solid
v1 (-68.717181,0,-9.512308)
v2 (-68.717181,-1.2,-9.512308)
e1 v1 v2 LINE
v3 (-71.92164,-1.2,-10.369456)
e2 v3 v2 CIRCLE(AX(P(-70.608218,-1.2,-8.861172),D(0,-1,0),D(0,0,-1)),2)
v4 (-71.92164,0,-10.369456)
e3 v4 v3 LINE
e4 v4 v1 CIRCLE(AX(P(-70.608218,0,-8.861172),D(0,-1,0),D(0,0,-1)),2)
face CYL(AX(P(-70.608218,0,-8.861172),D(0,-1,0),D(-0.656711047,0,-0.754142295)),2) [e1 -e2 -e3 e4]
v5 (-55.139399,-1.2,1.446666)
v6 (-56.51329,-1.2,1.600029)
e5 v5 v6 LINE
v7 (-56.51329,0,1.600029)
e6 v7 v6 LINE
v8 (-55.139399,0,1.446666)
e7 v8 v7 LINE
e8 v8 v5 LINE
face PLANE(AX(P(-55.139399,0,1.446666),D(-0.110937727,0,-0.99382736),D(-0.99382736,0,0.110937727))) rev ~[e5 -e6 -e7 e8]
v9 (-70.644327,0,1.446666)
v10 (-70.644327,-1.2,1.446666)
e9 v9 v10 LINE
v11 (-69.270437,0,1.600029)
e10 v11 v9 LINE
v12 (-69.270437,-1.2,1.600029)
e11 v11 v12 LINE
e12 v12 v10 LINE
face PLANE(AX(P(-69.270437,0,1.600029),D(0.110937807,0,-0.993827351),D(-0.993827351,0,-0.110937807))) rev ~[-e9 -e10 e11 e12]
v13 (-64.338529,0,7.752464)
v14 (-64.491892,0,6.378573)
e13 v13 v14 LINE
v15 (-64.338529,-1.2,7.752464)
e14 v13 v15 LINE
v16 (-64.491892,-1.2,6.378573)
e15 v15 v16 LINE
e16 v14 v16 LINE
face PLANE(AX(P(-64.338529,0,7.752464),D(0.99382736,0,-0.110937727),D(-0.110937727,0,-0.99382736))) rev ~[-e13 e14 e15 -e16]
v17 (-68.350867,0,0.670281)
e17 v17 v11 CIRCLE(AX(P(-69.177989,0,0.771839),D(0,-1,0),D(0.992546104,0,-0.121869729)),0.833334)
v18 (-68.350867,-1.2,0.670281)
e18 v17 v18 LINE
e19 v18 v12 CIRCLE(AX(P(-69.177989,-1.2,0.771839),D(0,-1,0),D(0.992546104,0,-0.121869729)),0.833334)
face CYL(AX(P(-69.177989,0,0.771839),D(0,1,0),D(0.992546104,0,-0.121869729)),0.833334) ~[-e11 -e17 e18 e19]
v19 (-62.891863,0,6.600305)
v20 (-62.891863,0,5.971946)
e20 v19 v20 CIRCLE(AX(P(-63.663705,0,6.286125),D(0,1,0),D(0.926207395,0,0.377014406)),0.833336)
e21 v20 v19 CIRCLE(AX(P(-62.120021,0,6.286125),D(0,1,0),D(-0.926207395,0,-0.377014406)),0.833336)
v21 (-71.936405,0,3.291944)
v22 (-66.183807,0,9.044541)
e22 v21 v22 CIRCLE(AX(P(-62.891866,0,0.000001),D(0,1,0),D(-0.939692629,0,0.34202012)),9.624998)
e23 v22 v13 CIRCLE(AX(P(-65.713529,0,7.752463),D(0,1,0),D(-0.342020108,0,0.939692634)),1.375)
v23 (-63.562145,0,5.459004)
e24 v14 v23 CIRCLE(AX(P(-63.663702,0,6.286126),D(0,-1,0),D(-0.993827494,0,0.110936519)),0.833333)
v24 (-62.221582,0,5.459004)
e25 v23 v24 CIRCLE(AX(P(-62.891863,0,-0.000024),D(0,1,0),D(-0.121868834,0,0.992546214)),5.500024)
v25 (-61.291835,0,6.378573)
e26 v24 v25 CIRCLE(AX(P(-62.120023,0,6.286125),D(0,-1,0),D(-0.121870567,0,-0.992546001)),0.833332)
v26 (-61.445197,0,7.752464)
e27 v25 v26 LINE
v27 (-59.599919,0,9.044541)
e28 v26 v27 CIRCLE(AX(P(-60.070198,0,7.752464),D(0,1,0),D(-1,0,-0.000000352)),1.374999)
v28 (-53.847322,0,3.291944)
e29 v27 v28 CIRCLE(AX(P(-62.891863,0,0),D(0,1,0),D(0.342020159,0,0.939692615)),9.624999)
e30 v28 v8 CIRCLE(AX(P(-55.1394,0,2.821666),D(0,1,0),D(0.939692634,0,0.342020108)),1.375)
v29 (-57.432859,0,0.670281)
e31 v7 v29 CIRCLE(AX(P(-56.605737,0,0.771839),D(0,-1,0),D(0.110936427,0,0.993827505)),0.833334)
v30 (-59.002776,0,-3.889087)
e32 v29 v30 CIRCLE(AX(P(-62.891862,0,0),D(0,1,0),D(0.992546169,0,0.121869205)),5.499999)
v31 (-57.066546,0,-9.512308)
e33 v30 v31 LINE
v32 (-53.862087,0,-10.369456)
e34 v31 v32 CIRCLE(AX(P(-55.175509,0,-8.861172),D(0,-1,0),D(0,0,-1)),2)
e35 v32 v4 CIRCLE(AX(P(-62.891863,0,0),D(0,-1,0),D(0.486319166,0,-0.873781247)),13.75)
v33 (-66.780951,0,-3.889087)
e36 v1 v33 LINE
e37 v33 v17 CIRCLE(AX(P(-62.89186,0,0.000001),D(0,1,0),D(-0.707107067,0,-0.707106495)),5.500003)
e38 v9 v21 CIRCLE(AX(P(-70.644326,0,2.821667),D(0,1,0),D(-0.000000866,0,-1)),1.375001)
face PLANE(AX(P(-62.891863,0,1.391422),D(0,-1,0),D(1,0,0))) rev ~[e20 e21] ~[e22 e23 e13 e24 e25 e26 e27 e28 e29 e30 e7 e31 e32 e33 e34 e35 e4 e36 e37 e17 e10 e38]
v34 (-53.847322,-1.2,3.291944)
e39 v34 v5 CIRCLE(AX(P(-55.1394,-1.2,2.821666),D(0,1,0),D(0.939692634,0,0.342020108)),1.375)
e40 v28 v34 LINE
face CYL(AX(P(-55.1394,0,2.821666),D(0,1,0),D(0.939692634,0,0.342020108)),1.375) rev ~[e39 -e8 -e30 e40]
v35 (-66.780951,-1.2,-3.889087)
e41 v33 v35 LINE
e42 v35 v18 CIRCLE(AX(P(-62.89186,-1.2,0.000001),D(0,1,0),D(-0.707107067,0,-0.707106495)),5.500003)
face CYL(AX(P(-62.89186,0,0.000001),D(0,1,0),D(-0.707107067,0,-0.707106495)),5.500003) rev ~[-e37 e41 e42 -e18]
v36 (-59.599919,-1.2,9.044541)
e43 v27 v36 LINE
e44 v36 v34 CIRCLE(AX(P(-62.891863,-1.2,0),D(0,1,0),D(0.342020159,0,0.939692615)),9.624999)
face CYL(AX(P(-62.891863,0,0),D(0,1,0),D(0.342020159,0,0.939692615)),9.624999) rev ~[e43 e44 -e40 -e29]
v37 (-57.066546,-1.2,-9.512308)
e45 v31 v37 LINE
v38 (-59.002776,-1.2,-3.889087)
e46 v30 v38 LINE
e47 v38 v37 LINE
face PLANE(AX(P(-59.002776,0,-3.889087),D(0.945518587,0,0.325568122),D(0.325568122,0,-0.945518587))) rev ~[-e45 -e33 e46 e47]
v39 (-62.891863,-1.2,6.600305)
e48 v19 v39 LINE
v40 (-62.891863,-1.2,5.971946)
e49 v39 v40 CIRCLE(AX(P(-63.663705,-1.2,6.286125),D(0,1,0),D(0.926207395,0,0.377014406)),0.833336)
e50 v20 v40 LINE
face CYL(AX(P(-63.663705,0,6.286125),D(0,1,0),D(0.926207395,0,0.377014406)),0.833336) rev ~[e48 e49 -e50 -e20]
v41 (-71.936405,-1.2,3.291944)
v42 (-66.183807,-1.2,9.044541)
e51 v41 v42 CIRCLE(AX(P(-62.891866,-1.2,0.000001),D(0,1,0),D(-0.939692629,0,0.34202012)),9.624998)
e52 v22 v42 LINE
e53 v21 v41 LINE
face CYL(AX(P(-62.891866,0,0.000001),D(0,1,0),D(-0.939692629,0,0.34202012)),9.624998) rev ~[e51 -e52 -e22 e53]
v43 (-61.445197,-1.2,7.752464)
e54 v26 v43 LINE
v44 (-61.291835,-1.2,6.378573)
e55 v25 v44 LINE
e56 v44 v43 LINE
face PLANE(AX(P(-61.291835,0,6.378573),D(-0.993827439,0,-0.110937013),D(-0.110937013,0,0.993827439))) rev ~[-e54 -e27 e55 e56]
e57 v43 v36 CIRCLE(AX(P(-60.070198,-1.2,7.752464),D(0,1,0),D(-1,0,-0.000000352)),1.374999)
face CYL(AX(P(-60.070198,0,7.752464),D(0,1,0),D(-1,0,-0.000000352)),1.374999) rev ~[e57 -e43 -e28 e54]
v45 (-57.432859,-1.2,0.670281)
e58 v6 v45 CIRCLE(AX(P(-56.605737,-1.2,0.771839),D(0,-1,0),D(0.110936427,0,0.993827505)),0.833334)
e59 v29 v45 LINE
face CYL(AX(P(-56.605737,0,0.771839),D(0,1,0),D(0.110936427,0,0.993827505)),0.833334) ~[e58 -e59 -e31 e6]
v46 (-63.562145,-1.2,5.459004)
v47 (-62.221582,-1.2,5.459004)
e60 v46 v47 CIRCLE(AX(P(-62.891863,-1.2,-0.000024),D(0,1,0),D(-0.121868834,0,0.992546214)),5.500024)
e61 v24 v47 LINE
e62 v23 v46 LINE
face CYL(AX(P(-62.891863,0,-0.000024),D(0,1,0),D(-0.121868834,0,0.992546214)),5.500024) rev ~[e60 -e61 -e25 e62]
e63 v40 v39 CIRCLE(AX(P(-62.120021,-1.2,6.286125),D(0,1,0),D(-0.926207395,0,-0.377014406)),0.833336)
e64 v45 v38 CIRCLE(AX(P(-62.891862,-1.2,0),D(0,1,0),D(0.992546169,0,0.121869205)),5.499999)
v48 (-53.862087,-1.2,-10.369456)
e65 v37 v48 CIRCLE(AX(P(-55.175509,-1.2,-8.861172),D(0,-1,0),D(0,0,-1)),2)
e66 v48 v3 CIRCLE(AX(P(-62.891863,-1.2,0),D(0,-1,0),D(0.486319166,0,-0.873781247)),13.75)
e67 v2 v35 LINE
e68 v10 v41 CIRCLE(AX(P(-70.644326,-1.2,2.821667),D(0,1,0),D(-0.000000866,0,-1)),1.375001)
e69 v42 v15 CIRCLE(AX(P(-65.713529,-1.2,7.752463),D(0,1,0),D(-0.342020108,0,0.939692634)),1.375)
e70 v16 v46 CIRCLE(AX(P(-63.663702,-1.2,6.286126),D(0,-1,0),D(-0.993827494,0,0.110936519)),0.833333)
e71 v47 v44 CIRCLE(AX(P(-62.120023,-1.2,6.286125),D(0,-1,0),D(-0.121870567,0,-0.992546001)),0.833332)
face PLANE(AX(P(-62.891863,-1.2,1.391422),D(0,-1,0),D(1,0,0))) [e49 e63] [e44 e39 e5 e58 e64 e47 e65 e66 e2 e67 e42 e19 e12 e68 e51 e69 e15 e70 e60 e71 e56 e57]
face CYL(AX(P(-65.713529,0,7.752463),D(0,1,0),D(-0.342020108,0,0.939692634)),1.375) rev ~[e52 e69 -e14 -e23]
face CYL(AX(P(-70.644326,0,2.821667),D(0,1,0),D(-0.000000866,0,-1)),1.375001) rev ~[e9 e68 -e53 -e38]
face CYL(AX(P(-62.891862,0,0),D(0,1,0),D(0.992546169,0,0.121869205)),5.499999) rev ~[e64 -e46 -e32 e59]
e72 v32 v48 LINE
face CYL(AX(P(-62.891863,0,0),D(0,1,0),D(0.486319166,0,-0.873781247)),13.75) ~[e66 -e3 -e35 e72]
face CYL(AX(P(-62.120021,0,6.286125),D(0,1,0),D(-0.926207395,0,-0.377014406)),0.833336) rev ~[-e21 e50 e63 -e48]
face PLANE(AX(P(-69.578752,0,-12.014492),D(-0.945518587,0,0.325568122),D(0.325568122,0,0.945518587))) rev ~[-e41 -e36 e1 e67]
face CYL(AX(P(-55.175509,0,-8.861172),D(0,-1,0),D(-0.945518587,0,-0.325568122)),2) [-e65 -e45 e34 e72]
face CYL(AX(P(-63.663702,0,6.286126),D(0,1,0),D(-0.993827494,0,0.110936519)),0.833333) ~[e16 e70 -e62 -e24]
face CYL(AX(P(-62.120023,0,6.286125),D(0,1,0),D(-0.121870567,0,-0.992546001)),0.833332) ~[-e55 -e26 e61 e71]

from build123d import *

# Parameters (mm, degrees)
F1_DEPTH = 1.2
F2_R     = 2


with BuildPart() as f1:
    # F0 (on Front) → F1 (new body)
    with BuildSketch(Plane.XZ):
        with BuildLine():
            Line((-59.002776, -3.889087), (-56.204975, -12.014492))
            ThreePointArc((-56.204975, -12.014492), (-62.891863, 13.75), (-69.578752, -12.014492))
            Line((-69.578752, -12.014492), (-66.780951, -3.889087))
            ThreePointArc((-66.780951, -3.889087), (-68.092215, -1.790625), (-68.350867, 0.670281))
            ThreePointArc((-68.350867, 0.670281), (-68.585499, 1.357843), (-69.270437, 1.600029))
            Line((-69.270437, 1.600029), (-70.644327, 1.446666))
            ThreePointArc((-70.644327, 1.446666), (-71.770661, 2.032999), (-71.936405, 3.291944))
            ThreePointArc((-71.936405, 3.291944), (-69.697766, 6.805903), (-66.183807, 9.044541))
            ThreePointArc((-66.183807, 9.044541), (-64.924862, 8.878798), (-64.338529, 7.752464))
            Line((-64.338529, 7.752464), (-64.491892, 6.378573))
            ThreePointArc((-64.491892, 6.378573), (-64.249706, 5.693636), (-63.562145, 5.459004))
            ThreePointArc((-63.562145, 5.459004), (-62.891863, 5.5), (-62.221582, 5.459004))
            ThreePointArc((-62.221582, 5.459004), (-61.53402, 5.693636), (-61.291835, 6.378573))
            Line((-61.291835, 6.378573), (-61.445197, 7.752464))
            ThreePointArc((-61.445197, 7.752464), (-60.858865, 8.878798), (-59.599919, 9.044541))
            ThreePointArc((-59.599919, 9.044541), (-56.085961, 6.805903), (-53.847322, 3.291944))
            ThreePointArc((-53.847322, 3.291944), (-54.013065, 2.032999), (-55.139399, 1.446666))
            Line((-55.139399, 1.446666), (-56.51329, 1.600029))
            ThreePointArc((-56.51329, 1.600029), (-57.198227, 1.357843), (-57.432859, 0.670281))
            ThreePointArc((-57.432859, 0.670281), (-57.691511, -1.790625), (-59.002776, -3.889087))
        make_face()
        with BuildLine():
            ThreePointArc((-62.891863, 5.971946), (-62.953357, 6.286126), (-62.891863, 6.600305))
            ThreePointArc((-62.891863, 6.600305), (-62.830369, 6.286126), (-62.891863, 5.971946))
        make_face(mode=Mode.SUBTRACT)
    extrude(amount=F1_DEPTH)

    # F2
    f2_edges = [f1.edges().sort_by_distance(p)[0] for p in [
        (-69.578752, -0.6, -12.014492),
        (-56.204975, -0.6, -12.014492),
    ]]
    fillet(f2_edges, radius=F2_R)


solid = f1.part
